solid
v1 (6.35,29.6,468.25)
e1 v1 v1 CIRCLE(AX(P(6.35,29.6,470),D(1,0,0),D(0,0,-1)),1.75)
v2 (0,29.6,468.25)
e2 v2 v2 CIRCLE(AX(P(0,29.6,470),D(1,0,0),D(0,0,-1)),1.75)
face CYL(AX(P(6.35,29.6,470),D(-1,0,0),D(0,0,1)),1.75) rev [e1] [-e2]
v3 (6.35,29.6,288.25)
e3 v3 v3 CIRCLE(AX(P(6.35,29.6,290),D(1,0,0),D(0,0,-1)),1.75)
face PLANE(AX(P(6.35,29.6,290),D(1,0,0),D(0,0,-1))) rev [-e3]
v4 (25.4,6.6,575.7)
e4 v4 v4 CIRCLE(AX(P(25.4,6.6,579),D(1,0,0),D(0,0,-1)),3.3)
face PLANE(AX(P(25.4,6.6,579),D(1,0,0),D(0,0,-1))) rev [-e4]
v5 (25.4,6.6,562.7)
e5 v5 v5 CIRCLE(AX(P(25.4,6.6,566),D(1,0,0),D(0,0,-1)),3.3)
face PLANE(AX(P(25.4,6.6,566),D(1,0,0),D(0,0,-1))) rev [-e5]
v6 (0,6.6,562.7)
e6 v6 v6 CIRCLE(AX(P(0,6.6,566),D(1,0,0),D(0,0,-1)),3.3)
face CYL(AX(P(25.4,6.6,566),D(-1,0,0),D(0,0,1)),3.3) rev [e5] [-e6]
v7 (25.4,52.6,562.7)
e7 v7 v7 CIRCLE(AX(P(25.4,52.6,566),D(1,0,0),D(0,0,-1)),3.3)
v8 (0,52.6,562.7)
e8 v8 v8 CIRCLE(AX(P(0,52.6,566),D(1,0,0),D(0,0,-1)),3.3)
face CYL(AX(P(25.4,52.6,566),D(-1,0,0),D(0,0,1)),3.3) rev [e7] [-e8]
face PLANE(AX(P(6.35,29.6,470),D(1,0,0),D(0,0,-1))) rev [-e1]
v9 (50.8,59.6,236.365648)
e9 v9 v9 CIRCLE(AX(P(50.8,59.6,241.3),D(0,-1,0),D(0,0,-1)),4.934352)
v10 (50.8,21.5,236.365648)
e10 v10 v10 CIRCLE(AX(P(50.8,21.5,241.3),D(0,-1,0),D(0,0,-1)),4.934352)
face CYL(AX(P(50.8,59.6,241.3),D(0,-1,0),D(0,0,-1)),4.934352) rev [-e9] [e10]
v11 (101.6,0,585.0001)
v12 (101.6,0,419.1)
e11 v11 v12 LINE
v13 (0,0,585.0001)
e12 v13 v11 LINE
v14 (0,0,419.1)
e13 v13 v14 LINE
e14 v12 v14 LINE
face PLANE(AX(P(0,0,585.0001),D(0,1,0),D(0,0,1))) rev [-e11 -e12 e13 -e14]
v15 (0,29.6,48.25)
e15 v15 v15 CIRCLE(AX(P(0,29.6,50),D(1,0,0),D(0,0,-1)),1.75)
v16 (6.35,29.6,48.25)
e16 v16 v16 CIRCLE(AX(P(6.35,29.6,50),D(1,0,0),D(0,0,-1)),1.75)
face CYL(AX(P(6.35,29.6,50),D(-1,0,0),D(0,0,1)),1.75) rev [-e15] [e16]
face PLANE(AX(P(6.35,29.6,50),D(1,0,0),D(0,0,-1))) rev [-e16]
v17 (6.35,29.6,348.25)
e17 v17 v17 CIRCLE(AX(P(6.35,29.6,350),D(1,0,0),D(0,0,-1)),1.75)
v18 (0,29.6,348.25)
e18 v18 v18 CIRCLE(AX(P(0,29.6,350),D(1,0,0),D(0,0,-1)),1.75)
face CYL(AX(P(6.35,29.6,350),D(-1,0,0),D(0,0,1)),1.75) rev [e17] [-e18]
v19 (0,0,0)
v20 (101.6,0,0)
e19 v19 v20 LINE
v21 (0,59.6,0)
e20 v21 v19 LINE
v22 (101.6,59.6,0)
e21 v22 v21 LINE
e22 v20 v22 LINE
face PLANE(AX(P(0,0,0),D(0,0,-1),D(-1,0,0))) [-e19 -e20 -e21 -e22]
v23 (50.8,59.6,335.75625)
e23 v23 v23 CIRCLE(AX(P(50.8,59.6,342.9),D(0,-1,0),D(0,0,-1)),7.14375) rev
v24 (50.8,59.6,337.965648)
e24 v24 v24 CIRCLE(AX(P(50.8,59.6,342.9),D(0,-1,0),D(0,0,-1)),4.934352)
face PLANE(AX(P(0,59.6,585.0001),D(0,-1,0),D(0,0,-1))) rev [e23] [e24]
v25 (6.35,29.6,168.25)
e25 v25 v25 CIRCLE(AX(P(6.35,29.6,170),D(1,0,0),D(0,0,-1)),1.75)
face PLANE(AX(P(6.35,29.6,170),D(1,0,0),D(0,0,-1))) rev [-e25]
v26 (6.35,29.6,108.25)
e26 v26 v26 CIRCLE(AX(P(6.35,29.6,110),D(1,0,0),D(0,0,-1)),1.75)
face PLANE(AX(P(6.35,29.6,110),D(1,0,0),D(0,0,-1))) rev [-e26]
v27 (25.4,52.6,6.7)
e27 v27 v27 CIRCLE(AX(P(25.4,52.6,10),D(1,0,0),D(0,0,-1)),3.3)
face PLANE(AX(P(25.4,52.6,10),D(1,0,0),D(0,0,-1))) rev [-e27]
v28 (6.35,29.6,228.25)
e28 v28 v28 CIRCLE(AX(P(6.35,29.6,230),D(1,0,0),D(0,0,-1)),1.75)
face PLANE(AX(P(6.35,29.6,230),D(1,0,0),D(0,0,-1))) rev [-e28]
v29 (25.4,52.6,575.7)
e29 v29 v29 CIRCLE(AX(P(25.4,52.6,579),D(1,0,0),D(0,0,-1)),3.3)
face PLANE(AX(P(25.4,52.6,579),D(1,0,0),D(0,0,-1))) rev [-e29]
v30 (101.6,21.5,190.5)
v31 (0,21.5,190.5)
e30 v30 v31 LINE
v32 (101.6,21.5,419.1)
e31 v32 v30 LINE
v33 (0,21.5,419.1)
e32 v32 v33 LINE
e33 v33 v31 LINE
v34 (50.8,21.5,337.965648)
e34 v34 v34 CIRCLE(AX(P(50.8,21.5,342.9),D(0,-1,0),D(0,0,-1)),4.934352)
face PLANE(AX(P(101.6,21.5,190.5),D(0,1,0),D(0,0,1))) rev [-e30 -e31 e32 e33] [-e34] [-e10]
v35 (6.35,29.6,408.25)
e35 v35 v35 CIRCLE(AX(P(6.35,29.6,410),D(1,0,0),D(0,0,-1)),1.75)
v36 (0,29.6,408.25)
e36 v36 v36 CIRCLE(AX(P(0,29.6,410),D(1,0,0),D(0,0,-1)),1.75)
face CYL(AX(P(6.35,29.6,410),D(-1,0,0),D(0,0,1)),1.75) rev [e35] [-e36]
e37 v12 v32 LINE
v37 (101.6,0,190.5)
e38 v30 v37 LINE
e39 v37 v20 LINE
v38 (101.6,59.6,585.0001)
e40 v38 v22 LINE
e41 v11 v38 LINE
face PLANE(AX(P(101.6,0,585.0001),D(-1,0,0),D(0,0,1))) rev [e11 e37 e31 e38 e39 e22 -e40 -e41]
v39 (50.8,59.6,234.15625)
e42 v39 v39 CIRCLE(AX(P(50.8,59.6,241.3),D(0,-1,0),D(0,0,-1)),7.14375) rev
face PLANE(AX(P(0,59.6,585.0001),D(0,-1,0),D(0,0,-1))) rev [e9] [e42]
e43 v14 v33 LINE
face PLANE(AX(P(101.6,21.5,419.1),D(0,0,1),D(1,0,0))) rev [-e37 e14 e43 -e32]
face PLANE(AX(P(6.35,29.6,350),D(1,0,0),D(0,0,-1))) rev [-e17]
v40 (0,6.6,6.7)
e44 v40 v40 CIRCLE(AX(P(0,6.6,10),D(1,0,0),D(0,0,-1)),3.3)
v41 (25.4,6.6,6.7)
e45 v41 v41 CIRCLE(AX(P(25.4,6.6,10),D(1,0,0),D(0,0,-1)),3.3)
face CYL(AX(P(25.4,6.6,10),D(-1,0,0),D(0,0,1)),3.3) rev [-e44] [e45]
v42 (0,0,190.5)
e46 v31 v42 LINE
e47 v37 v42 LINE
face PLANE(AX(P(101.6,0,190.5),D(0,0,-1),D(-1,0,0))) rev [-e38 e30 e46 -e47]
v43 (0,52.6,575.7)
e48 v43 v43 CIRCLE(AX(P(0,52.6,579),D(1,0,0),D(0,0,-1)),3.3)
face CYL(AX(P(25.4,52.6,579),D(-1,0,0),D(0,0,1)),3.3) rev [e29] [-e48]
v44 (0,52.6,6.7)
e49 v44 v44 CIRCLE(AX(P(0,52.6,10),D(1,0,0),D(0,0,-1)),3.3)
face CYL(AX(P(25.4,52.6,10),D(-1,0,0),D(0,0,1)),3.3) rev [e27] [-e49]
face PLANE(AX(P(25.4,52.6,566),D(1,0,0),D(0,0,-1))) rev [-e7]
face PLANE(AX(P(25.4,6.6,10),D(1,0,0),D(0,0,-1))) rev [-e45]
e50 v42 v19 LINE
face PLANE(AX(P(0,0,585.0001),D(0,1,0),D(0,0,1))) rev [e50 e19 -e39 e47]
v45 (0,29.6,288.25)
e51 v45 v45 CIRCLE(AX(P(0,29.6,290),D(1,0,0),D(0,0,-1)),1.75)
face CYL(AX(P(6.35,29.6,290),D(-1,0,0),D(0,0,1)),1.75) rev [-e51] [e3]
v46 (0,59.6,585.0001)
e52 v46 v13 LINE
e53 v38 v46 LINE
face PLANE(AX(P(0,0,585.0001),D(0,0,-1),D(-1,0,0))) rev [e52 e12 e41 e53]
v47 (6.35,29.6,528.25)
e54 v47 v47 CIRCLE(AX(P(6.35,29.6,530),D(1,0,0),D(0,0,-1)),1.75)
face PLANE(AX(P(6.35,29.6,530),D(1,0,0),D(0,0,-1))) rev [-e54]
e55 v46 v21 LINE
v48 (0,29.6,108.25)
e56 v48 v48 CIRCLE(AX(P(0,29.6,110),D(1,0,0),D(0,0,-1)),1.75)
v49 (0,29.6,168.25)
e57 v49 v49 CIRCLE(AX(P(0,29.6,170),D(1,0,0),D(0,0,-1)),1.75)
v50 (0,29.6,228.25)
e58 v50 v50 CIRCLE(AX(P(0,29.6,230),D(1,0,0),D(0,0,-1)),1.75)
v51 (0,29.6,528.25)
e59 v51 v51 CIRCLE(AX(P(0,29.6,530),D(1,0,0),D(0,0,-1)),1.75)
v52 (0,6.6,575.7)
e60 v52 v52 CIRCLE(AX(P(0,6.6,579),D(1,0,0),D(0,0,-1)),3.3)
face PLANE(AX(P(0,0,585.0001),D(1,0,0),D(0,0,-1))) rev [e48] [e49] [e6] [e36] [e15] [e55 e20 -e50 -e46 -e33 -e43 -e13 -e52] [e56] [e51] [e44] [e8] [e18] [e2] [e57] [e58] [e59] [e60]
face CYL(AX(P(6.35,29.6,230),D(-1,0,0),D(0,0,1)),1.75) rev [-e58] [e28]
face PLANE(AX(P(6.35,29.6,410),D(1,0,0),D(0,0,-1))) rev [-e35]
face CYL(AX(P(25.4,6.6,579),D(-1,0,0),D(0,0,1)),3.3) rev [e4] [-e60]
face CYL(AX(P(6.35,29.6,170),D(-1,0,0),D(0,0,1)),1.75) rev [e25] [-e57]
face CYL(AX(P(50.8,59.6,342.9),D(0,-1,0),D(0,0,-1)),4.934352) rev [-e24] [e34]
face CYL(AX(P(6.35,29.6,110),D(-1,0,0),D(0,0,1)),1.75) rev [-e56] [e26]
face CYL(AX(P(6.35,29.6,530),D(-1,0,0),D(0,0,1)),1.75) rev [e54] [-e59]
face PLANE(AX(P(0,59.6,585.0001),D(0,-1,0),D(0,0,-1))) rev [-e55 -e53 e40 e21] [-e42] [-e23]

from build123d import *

# Parameters (mm, degrees)
SKETCH1_W           = 101.6
SKETCH1_H           = 59.6
BOSS_EXTRUDE1_DEPTH = 585.0001
SKETCH2_W           = 228.6
SKETCH2_H           = 21.5
CUT_EXTRUDE1_DEPTH  = 102.6
CUT_EXTRUDE4_DEPTH  = 6.35
CUT_EXTRUDE5_DEPTH  = 25.4
SKETCH6_R           = 4.934351916
CUT_EXTRUDE6_DEPTH  = 39.1


with BuildPart() as part:
    # Sketch1 → Boss-Extrude1 (new body)
    with BuildSketch(Plane.XY):
        with Locations((50.8, 29.8)):
            Rectangle(SKETCH1_W, SKETCH1_H)
    extrude(amount=BOSS_EXTRUDE1_DEPTH)

    # Sketch2 → Cut-Extrude1 (cut, through all)
    with BuildSketch(Plane.ZY):
        with Locations((304.8, 10.75)):
            Rectangle(SKETCH2_W, SKETCH2_H)
    extrude(amount=-CUT_EXTRUDE1_DEPTH, mode=Mode.SUBTRACT)

    # Sketch5 → Cut-Extrude4 (cut)
    with BuildSketch(Plane.ZY):
        with BuildLine():
            ThreePointArc((170, 31.35), (168.25, 29.6), (170, 27.85))
            ThreePointArc((170, 27.85), (171.75, 29.6), (170, 31.35))
        make_face()
        with BuildLine():
            ThreePointArc((110, 27.85), (111.75, 29.6), (110, 31.35))
            ThreePointArc((110, 31.35), (108.25, 29.6), (110, 27.85))
        make_face()
        with BuildLine():
            ThreePointArc((50, 27.85), (51.75, 29.6), (50, 31.35))
            ThreePointArc((50, 31.35), (48.25, 29.6), (50, 27.85))
        make_face()
        with BuildLine():
            ThreePointArc((530, 27.85), (531.75, 29.6), (530, 31.35))
            ThreePointArc((530, 31.35), (528.25, 29.6), (530, 27.85))
        make_face()
        with BuildLine():
            ThreePointArc((470, 27.85), (471.75, 29.6), (470, 31.35))
            ThreePointArc((470, 31.35), (468.25, 29.6), (470, 27.85))
        make_face()
        with BuildLine():
            ThreePointArc((410, 27.85), (411.75, 29.6), (410, 31.35))
            ThreePointArc((410, 31.35), (408.25, 29.6), (410, 27.85))
        make_face()
        with BuildLine():
            ThreePointArc((350, 27.85), (351.75, 29.6), (350, 31.35))
            ThreePointArc((350, 31.35), (348.25, 29.6), (350, 27.85))
        make_face()
        with BuildLine():
            ThreePointArc((290, 27.85), (291.75, 29.6), (290, 31.35))
            ThreePointArc((290, 31.35), (288.25, 29.6), (290, 27.85))
        make_face()
        with BuildLine():
            ThreePointArc((230, 27.85), (231.75, 29.6), (230, 31.35))
            ThreePointArc((230, 31.35), (228.25, 29.6), (230, 27.85))
        make_face()
    extrude(amount=-CUT_EXTRUDE4_DEPTH, mode=Mode.SUBTRACT)

    # Sketch5<3> → Cut-Extrude5 (cut)
    with BuildSketch(Plane.ZY):
        with BuildLine():
            ThreePointArc((562.7, 6.6), (566, 3.3), (569.3, 6.6))
            ThreePointArc((569.3, 6.6), (566, 9.9), (562.7, 6.6))
        make_face()
        with BuildLine():
            ThreePointArc((582.3, 6.6), (579, 9.9), (575.7, 6.6))
            ThreePointArc((575.7, 6.6), (579, 3.3), (582.3, 6.6))
        make_face()
        with BuildLine():
            ThreePointArc((575.7, 52.6), (579, 49.3), (582.3, 52.6))
            ThreePointArc((582.3, 52.6), (579, 55.9), (575.7, 52.6))
        make_face()
        with BuildLine():
            ThreePointArc((562.7, 52.6), (566, 49.3), (569.3, 52.6))
            ThreePointArc((569.3, 52.6), (566, 55.9), (562.7, 52.6))
        make_face()
        with BuildLine():
            ThreePointArc((6.7, 6.6), (10, 3.3), (13.3, 6.6))
            ThreePointArc((13.3, 6.6), (10, 9.9), (6.7, 6.6))
        make_face()
        with BuildLine():
            ThreePointArc((6.7, 52.6), (10, 49.3), (13.3, 52.6))
            ThreePointArc((13.3, 52.6), (10, 55.9), (6.7, 52.6))
        make_face()
    extrude(amount=-CUT_EXTRUDE5_DEPTH, mode=Mode.SUBTRACT)

    # Sketch6 → Cut-Extrude6 (cut, through all)
    with BuildSketch(Plane.XZ.offset(-21.5)):
        with Locations((50.8, 342.9)):
            Circle(SKETCH6_R)
        with Locations((50.8, 241.3)):
            Circle(SKETCH6_R)
    extrude(amount=-CUT_EXTRUDE6_DEPTH, mode=Mode.SUBTRACT)


solid = part.part
